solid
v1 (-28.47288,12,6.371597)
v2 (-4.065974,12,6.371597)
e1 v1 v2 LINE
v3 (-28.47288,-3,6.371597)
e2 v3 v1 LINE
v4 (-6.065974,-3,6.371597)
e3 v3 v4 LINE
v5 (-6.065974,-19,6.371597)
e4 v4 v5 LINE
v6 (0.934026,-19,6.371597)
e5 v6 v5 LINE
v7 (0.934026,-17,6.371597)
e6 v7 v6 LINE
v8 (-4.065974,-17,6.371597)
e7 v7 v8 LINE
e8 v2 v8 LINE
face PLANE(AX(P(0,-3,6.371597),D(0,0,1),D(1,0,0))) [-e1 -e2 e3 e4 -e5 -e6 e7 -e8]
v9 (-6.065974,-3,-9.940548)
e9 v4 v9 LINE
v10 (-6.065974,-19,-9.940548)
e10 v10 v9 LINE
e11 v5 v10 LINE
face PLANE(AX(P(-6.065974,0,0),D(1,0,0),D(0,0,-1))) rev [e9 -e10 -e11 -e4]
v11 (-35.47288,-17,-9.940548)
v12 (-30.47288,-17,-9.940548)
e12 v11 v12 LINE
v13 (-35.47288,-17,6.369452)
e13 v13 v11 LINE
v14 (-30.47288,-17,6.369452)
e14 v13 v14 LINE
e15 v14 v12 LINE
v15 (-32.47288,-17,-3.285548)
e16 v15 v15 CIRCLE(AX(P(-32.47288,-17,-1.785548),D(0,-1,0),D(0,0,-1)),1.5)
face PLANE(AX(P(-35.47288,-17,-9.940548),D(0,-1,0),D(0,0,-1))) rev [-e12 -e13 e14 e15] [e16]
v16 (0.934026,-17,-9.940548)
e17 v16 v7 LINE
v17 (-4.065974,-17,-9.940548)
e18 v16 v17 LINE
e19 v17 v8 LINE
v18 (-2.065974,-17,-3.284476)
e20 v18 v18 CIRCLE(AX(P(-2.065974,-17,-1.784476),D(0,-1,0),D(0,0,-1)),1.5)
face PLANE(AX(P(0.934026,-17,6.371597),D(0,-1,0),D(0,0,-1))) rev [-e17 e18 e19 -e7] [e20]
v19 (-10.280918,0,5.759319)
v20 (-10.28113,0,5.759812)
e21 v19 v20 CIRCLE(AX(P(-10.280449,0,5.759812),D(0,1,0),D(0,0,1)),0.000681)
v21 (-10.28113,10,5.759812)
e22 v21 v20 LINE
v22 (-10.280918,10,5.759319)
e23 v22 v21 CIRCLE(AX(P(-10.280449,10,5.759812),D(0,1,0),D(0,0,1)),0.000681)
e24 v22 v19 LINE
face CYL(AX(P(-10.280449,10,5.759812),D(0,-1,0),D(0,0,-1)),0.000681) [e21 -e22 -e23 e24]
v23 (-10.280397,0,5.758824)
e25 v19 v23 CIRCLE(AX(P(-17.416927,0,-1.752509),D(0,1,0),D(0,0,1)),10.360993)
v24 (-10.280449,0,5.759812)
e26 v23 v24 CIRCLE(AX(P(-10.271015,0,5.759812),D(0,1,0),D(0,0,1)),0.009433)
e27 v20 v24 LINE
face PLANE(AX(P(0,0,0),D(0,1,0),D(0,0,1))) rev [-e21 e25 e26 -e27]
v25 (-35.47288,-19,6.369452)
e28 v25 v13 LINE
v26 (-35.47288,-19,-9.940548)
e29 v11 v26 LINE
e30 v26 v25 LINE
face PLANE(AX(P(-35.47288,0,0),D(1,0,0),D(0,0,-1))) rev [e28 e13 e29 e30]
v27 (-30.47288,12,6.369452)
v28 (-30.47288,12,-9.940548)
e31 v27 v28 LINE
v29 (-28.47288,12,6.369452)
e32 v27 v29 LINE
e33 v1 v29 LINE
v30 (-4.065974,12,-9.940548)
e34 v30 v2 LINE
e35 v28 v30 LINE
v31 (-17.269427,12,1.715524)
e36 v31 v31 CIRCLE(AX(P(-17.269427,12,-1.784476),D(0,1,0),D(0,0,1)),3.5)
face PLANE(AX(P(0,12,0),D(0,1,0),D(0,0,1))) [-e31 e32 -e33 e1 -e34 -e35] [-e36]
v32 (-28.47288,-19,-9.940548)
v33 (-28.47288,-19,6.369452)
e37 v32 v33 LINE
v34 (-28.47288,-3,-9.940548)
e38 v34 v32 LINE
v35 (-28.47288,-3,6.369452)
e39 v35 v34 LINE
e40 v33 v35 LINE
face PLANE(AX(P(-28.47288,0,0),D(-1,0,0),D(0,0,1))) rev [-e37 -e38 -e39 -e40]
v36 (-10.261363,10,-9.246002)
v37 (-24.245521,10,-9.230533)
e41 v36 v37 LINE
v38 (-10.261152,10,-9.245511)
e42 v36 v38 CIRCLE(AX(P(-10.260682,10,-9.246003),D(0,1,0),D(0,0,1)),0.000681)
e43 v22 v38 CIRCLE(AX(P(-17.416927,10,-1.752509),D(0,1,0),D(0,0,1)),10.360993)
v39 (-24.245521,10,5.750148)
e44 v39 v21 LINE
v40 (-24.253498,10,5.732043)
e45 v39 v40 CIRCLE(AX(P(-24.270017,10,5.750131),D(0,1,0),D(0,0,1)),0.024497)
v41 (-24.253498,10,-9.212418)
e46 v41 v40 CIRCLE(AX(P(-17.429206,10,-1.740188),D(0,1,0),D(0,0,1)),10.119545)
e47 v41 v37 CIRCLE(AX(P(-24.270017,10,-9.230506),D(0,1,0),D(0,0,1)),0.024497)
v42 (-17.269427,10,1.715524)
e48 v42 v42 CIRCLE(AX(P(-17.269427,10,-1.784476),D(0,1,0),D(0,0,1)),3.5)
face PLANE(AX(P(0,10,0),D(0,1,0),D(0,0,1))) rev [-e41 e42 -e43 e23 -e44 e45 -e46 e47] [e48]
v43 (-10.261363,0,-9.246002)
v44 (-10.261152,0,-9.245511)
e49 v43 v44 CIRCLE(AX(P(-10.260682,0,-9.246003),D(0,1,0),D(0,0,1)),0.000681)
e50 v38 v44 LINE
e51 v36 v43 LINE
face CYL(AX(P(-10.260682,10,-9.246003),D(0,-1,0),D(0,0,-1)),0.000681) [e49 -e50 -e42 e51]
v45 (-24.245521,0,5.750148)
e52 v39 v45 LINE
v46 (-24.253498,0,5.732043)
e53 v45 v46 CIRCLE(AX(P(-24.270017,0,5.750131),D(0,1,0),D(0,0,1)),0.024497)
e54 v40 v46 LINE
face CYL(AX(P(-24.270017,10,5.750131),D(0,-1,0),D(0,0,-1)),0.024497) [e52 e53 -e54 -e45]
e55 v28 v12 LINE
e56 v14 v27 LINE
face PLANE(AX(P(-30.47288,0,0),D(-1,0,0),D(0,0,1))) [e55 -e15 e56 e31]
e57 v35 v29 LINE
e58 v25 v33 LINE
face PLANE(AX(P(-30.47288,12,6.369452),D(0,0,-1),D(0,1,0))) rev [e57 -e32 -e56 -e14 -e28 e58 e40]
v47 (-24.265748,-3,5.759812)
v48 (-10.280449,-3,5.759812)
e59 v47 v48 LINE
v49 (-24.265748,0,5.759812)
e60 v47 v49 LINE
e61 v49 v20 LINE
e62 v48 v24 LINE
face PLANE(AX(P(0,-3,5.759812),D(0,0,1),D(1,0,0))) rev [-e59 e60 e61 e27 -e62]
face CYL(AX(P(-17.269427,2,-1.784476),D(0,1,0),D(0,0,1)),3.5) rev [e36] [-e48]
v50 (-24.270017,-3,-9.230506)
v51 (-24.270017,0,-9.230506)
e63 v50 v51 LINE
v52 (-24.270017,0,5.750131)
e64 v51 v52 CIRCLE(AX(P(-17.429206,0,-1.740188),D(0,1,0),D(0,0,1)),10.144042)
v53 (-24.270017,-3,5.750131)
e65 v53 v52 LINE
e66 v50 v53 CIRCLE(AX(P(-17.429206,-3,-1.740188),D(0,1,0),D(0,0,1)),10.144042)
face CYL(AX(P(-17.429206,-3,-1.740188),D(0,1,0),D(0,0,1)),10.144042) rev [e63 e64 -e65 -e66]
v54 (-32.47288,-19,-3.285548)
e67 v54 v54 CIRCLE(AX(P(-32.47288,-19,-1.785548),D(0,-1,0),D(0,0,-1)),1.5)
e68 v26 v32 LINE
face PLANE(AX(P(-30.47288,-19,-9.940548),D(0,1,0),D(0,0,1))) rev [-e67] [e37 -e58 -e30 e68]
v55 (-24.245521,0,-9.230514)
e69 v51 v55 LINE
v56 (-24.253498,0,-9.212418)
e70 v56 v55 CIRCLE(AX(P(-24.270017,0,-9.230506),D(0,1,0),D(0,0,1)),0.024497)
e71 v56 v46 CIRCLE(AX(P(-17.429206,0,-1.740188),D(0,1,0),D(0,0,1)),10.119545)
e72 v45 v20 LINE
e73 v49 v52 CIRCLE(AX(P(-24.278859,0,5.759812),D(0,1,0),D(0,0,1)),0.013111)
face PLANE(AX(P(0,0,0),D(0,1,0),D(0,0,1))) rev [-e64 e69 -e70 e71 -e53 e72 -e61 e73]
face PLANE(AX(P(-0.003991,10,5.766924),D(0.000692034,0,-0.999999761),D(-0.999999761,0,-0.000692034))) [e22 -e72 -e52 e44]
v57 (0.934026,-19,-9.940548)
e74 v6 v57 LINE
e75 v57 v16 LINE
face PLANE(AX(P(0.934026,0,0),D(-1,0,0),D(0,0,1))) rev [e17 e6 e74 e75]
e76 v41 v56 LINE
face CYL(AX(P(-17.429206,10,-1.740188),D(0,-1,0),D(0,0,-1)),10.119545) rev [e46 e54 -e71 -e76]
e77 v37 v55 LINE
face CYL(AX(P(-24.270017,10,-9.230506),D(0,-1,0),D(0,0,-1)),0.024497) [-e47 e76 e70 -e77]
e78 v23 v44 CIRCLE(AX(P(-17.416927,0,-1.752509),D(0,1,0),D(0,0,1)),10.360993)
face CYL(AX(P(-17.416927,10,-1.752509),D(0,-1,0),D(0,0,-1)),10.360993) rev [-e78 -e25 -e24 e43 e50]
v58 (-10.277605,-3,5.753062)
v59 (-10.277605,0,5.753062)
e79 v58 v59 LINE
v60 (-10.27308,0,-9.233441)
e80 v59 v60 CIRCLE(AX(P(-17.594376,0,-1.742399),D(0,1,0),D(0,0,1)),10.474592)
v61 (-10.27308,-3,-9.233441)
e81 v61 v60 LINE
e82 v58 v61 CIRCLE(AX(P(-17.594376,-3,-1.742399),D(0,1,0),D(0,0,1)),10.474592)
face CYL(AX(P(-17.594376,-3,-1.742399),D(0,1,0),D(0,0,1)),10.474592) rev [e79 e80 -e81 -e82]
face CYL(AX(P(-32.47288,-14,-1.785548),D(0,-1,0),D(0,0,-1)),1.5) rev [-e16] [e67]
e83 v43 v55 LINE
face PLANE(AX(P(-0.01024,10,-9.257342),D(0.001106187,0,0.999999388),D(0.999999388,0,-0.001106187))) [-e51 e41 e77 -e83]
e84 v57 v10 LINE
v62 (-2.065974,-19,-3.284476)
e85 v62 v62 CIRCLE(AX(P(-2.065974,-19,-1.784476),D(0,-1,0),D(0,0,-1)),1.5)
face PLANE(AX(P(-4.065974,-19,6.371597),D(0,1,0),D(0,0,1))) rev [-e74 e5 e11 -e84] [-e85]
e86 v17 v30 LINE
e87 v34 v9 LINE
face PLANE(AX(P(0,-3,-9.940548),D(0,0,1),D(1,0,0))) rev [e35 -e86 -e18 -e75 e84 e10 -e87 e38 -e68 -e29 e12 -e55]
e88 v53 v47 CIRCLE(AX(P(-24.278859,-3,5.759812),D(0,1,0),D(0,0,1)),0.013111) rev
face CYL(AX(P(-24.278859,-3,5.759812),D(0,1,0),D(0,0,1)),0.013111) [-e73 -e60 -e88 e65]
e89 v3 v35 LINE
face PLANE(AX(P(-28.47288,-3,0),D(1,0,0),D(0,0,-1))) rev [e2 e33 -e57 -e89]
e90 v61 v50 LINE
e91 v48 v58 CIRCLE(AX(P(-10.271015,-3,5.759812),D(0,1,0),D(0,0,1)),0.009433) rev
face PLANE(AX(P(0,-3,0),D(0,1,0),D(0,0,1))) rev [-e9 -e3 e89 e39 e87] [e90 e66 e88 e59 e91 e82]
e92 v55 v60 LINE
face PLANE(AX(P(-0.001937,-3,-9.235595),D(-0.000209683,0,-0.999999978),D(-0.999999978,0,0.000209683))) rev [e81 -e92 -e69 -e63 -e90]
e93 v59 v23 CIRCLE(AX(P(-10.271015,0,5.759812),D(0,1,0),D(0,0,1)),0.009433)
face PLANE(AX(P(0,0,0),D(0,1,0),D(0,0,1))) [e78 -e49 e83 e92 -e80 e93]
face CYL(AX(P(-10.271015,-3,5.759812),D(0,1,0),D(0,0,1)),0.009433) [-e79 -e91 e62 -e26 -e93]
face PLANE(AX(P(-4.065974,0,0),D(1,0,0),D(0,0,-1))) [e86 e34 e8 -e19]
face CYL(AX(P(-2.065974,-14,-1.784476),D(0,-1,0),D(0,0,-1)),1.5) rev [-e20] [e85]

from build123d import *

# Parameters (mm, degrees)
Y_KSEKLIK_EKSTR_ZYON1_DEPTH = 12
Y_KSEKLIK_EKSTR_ZYON3_DEPTH = 15
KES_EKSTR_ZYON2_DEPTH       = 10
IZIM7_R                     = 3.5
KES_EKSTR_ZYON3_DEPTH       = 10
IZIM9_W                     = 16.31
IZIM9_H                     = 31
Y_KSEKLIK_EKSTR_ZYON4_DEPTH = 2
IZIM11_W                    = 16.312144578
IZIM11_H                    = 31
Y_KSEKLIK_EKSTR_ZYON5_DEPTH = 2
IZIM12_W                    = 16.312144578
IZIM12_H                    = 2
Y_KSEKLIK_EKSTR_ZYON6_DEPTH = 5
IZIM13_W                    = 16.31
IZIM13_H                    = 2
Y_KSEKLIK_EKSTR_ZYON7_DEPTH = 5
IZIM16_R                    = 1.5
KES_EKSTR_ZYON4_DEPTH       = 5


with BuildPart() as part:
    # Çizim1 → Yükseklik-Ekstrüzyon1 (new body)
    with BuildSketch(Plane(origin=(0, 0, 0), x_dir=(1, 0, 0), z_dir=(0, 1, 0))):
        with BuildLine():
            Line((-10.273080285, 9.233441174), (-24.270017386, 9.23050626))
            ThreePointArc((-24.270017386, 9.23050626), (-27.573247243, 1.740187513), (-24.270017386, -5.750131234))
            ThreePointArc((-24.270017386, -5.750131234), (-24.266862702, -5.754522055), (-24.265747955, -5.759812487))
            Line((-24.265747955, -5.759812487), (-10.280448773, -5.759812487))
            ThreePointArc((-10.280448773, -5.759812487), (-10.279708775, -5.756150024), (-10.277604879, -5.753062168))
            ThreePointArc((-10.277604879, -5.753062168), (-7.119784217, 1.739236804), (-10.273080285, 9.233441174))
        make_face()
    extrude(amount=Y_KSEKLIK_EKSTR_ZYON1_DEPTH)

    # Çizim2 → Yükseklik-Ekstrüzyon3 (add)
    with BuildSketch(Plane(origin=(0, 12, 0), x_dir=(1, 0, 0), z_dir=(0, 1, 0))):
        Polygon((-28.472879545, -6.371596623), (-24.972879545, -6.371596623), (-6.065973504, -6.371596623), (-6.065973504, 9.940547955), (-9.565973504, 9.940547955), (-28.472879545, 9.940547955), align=None)
        with BuildLine():
            ThreePointArc((-10.277604879, -5.753062168), (-10.279708775, -5.756150024), (-10.280448773, -5.759812487))
            Line((-10.280448773, -5.759812487), (-24.265747955, -5.759812487))
            ThreePointArc((-24.265747955, -5.759812487), (-24.266862702, -5.754522055), (-24.270017386, -5.750131234))
            ThreePointArc((-24.270017386, -5.750131234), (-27.573247243, 1.740187513), (-24.270017386, 9.23050626))
            Line((-24.270017386, 9.23050626), (-10.273080285, 9.233441174))
            ThreePointArc((-10.273080285, 9.233441174), (-7.119784217, 1.739236804), (-10.277604879, -5.753062168))
        make_face(mode=Mode.SUBTRACT)
    extrude(amount=-Y_KSEKLIK_EKSTR_ZYON3_DEPTH)

    # Çizim5 → Kes-Ekstrüzyon2 (cut)
    with BuildSketch(Plane(origin=(0, 0, 0), x_dir=(1, 0, 0), z_dir=(0, 1, 0))):
        with BuildLine():
            ThreePointArc((-24.253497742, -5.732043117), (-24.24760022, -5.74025453), (-24.24552089, -5.750148186))
            Line((-24.24552089, -5.750148186), (-10.281129786, -5.759812016))
            ThreePointArc((-10.281129786, -5.759812016), (-10.28107446, -5.75954361), (-10.280917812, -5.759318746))
            ThreePointArc((-10.280917812, -5.759318746), (-7.055942633, 1.738860839), (-10.261152425, 9.245510703))
            ThreePointArc((-10.261152425, 9.245510703), (-10.261308072, 9.245735025), (-10.261363099, 9.246002453))
            Line((-10.261363099, 9.246002453), (-24.245520899, 9.230533357))
            ThreePointArc((-24.245520899, 9.230533357), (-24.247598176, 9.220634198), (-24.253497742, 9.212418143))
            ThreePointArc((-24.253497742, 9.212418143), (-27.548750741, 1.740187513), (-24.253497742, -5.732043117))
        make_face()
    extrude(amount=KES_EKSTR_ZYON2_DEPTH, mode=Mode.SUBTRACT)

    # Çizim7 → Kes-Ekstrüzyon3 (cut)
    with BuildSketch(Plane(origin=(0, 12, 0), x_dir=(1, 0, 0), z_dir=(0, 1, 0))):
        with Locations((-17.269426524, 1.784475666)):
            Circle(IZIM7_R)
    extrude(amount=-KES_EKSTR_ZYON3_DEPTH, mode=Mode.SUBTRACT)

    # Çizim9 → Yükseklik-Ekstrüzyon4 (add)
    with BuildSketch(Plane.ZY.offset(28.472879545)):
        with Locations((-1.785547955, -3.5)):
            Rectangle(IZIM9_W, IZIM9_H)
    extrude(amount=Y_KSEKLIK_EKSTR_ZYON4_DEPTH)

    # Çizim11 → Yükseklik-Ekstrüzyon5 (add)
    with BuildSketch(Plane(origin=(-6.065973504, 0, 0), x_dir=(0, 0, -1), z_dir=(1, 0, 0))):
        with Locations((1.784475666, -3.5)):
            Rectangle(IZIM11_W, IZIM11_H)
    extrude(amount=Y_KSEKLIK_EKSTR_ZYON5_DEPTH)

    # Çizim12 → Yükseklik-Ekstrüzyon6 (add)
    with BuildSketch(Plane(origin=(-4.065973504, 0, 0), x_dir=(0, 0, -1), z_dir=(1, 0, 0))):
        with Locations((1.784475666, -18)):
            Rectangle(IZIM12_W, IZIM12_H)
    extrude(amount=Y_KSEKLIK_EKSTR_ZYON6_DEPTH)

    # Çizim13 → Yükseklik-Ekstrüzyon7 (add)
    with BuildSketch(Plane.ZY.offset(30.472879545)):
        with Locations((-1.785547955, -18)):
            Rectangle(IZIM13_W, IZIM13_H)
    extrude(amount=Y_KSEKLIK_EKSTR_ZYON7_DEPTH)

    # Çizim16 → Kes-Ekstrüzyon4 (cut)
    with BuildSketch(Plane.XZ.offset(19)):
        with Locations((-32.472879545, -1.785547955)):
            Circle(IZIM16_R)
        with Locations((-2.065973504, -1.784475666)):
            Circle(IZIM16_R)
    extrude(amount=-KES_EKSTR_ZYON4_DEPTH, mode=Mode.SUBTRACT)


solid = part.part
